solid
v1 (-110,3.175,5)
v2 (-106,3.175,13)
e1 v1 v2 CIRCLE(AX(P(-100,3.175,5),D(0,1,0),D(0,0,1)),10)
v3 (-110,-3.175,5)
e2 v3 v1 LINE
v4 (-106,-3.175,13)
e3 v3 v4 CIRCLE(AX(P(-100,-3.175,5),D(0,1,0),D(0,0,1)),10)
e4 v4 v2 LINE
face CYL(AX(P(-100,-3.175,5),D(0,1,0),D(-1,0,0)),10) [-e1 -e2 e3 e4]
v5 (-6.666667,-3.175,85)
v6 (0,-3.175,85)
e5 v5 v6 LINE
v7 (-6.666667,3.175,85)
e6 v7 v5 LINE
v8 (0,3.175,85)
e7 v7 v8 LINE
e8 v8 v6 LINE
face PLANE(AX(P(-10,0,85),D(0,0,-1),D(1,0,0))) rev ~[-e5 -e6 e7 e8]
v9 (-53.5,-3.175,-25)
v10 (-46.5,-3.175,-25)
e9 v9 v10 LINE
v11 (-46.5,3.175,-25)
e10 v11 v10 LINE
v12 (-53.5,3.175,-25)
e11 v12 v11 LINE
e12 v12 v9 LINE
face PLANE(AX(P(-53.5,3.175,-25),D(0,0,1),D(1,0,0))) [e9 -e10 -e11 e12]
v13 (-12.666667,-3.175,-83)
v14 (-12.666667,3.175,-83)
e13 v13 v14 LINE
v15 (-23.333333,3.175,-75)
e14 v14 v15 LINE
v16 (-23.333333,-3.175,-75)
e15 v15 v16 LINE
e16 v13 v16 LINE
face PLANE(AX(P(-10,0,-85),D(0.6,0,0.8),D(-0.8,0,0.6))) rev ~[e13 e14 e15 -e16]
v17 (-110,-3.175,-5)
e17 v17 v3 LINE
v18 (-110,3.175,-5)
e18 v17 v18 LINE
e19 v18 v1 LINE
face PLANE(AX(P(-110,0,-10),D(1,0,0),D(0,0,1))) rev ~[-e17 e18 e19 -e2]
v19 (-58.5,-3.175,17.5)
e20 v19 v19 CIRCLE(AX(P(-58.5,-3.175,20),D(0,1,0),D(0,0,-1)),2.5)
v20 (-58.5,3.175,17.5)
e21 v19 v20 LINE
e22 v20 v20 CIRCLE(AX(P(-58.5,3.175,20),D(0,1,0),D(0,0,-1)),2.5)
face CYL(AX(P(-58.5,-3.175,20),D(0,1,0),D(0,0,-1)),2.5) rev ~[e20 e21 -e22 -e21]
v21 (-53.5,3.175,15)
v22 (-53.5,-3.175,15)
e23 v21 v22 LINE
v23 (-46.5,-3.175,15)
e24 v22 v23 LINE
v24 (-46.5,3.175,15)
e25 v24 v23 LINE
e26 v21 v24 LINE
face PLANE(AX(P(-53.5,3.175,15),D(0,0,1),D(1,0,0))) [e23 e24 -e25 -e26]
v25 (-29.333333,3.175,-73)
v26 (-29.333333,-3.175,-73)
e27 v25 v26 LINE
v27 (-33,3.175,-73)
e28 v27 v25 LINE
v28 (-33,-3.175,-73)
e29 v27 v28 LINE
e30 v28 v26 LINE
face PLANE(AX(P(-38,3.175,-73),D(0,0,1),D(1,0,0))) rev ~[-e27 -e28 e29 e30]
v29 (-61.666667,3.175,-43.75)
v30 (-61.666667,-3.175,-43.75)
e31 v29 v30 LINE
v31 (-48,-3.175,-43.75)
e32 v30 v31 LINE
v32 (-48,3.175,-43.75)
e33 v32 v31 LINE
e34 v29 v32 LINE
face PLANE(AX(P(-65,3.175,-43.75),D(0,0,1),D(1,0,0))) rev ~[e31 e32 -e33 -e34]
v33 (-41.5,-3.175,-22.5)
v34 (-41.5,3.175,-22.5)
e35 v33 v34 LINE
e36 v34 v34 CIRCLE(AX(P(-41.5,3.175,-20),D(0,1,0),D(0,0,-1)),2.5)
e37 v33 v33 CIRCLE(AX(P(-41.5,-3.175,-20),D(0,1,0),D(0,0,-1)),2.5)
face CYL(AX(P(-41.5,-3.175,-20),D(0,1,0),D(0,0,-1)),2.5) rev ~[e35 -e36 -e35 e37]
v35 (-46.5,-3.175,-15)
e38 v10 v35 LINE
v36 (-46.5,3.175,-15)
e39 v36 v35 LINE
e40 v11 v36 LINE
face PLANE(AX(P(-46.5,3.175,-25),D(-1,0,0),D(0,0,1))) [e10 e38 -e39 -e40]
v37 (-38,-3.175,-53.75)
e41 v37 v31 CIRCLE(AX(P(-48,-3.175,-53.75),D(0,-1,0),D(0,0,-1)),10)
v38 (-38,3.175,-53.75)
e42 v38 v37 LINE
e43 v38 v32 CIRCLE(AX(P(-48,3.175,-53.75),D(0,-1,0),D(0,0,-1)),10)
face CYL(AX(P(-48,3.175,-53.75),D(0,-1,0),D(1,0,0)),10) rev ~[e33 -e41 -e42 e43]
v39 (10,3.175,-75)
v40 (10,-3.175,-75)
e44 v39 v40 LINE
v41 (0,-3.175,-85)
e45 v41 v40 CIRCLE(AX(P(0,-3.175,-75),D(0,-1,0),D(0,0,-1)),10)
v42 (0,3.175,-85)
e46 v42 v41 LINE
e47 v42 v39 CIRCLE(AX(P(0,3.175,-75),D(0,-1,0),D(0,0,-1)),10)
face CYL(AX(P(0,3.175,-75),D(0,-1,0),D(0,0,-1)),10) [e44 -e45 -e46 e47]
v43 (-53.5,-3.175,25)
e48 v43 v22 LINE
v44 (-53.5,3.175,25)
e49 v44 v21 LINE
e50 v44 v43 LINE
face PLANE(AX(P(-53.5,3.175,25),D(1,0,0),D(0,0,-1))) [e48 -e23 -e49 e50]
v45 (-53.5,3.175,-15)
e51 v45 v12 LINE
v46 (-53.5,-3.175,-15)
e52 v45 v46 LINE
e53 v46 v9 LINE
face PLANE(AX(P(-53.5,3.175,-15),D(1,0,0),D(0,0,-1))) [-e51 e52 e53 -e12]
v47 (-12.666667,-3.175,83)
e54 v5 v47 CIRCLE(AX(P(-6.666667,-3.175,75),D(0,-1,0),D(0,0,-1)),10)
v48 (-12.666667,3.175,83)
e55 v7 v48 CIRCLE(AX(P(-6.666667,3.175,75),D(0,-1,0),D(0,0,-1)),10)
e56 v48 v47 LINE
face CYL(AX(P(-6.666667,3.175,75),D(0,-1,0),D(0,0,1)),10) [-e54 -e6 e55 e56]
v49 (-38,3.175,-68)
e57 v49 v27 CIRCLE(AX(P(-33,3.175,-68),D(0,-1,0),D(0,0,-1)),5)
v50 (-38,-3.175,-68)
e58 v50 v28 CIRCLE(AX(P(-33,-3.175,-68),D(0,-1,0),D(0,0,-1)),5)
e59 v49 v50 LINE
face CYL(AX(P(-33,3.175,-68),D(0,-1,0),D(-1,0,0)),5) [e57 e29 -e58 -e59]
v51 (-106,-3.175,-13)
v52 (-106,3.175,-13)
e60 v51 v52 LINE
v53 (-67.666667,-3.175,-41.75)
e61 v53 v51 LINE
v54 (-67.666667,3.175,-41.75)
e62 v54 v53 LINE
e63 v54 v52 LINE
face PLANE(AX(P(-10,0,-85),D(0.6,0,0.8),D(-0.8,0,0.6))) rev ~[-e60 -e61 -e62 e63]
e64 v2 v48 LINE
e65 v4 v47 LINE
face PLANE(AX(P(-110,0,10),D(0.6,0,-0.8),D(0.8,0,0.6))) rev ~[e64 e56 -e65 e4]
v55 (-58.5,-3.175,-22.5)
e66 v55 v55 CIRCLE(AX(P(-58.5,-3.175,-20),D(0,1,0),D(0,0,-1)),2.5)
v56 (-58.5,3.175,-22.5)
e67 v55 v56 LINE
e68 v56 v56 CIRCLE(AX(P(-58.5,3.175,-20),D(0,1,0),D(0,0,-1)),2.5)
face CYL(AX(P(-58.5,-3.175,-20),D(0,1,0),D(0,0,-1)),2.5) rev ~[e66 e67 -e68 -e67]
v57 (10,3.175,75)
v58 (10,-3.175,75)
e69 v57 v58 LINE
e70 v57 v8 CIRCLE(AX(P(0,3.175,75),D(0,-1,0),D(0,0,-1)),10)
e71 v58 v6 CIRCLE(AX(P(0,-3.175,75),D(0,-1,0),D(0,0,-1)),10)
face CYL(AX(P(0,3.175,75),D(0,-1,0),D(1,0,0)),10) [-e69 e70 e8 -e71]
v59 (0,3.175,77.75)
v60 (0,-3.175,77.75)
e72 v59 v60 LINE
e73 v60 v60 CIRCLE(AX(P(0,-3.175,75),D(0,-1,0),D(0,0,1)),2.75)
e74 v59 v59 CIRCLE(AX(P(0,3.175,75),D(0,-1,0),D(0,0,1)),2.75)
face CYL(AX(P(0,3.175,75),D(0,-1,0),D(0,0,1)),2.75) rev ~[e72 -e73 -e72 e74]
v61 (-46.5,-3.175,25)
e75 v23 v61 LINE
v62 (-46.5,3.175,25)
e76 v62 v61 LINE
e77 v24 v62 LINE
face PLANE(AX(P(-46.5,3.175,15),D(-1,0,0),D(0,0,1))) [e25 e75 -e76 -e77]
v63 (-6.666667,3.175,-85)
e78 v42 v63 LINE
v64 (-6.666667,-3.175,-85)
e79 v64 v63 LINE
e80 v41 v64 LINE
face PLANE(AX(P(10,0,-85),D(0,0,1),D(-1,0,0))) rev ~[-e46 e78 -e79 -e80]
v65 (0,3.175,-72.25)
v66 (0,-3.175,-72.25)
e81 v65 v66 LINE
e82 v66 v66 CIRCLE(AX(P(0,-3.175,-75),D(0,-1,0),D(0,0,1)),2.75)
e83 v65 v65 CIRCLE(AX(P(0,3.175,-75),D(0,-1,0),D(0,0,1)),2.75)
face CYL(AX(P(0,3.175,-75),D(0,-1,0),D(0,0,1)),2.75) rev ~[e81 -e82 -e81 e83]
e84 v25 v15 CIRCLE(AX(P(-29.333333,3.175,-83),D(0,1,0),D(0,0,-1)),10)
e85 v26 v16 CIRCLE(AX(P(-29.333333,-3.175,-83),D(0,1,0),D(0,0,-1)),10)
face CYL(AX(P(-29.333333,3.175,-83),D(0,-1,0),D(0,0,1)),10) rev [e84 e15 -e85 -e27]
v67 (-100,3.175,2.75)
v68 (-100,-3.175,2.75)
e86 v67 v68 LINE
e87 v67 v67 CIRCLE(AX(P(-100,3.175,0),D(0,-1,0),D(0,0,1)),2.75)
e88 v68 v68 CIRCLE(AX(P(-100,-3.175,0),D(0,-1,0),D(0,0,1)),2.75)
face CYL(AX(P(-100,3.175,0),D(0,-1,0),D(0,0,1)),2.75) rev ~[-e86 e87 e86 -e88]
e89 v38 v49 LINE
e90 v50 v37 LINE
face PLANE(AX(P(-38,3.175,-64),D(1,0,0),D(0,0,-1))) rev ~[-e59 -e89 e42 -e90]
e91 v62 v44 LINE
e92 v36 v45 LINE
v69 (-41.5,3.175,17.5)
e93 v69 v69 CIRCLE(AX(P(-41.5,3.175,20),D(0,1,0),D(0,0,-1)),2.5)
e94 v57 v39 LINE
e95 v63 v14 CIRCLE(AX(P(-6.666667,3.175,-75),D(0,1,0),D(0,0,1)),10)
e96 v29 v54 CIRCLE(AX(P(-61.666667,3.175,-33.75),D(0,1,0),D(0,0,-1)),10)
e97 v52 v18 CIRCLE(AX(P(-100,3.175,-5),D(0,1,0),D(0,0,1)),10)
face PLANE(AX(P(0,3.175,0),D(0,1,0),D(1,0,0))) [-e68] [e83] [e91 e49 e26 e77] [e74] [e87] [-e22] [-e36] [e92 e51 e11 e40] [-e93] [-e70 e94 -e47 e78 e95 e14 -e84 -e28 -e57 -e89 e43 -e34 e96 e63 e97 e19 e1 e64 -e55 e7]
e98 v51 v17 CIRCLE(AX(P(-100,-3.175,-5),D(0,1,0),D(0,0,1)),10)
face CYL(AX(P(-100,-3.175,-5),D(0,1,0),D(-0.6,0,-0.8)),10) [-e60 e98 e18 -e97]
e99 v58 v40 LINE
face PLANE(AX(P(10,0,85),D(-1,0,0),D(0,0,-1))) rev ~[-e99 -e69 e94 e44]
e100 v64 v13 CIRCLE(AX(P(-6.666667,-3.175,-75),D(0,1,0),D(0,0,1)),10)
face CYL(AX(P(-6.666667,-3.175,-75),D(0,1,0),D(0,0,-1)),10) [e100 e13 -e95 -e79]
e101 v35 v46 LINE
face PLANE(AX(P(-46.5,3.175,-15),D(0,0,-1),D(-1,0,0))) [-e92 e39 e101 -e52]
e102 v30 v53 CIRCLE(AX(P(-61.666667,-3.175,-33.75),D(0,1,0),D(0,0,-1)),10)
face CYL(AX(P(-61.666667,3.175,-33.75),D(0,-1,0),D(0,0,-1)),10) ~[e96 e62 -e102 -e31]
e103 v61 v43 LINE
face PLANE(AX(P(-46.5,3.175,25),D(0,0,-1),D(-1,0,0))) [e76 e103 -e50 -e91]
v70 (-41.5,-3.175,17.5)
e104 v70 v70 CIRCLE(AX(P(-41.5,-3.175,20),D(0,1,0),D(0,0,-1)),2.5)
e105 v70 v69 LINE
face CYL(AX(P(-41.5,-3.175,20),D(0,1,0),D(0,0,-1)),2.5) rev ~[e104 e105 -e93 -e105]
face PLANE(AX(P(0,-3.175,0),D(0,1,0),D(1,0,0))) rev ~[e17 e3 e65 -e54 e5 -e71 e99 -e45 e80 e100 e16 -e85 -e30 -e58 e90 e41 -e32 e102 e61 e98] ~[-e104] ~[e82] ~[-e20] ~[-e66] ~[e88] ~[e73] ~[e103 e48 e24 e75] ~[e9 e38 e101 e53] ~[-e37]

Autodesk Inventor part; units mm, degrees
ref_plane "YZ Plane" through (0, 0, 0) normal (1, 0, 0) x (0, 1, 0)
ref_plane "XZ Plane" through (0, 0, 0) normal (0, 1, 0) x (-1, 0, 0)
ref_plane "XY Plane" through (0, 0, 0) normal (0, 0, 1) x (1, 0, 0)
sketch "Sketch1" plane through (0, 0, 0) normal (0, 1, 0) x (-1, 0, 0)
  line L0 (10, -85) -> (110, -10)
  line L1 (110, -10) -> (110, 10)
  line L2 (110, 10) -> (10, 85)
  line L3 (10, 85) -> (-10, 85)
  line L4 (-10, 85) -> (-10, -85)
  line L5 (-10, -85) -> (10, -85)
  point P0 (0, 0)
  point P1 (100, 0)
  point P2 (0, -75)
  point P3 (0, 75)
  point P4 (-10, 0)
  point P5 (110, 0)
  dimension "d0" = 170
  dimension "d1" = 100
  dimension "d2" = 150
  dimension "d3" = 75
  dimension "d4" = 10
  dimension "d5" = 10
  dimension "d6" = 36.87
  dimension "d7" = 20
  dimension "d8" = 20
extrude "Extrusion1" add sketch "Sketch1" along normal mid plane 6.35
fillet "Fillet1" radius 10 6 edges at (-10, 0, 85) (10, 0, 85) (10, 0, -85) (-10, 0, -85) (-110, 0, -10) (-110, 0, 10)
sketch "Sketch2" plane through (0, 3.175, 0) normal (0, 1, 0) x (1, 0, 0)
  arc A0 (0, -85) -> (10, -75) centre (0, -75) ccw projected
  arc A1 (10, 75) -> (0, 85) centre (0, 75) ccw projected
  line L0 (-110, 5) -> (-110, -5) projected
  point P0 (0, 0)
  point P1 (-100, 0)
  dimension "d12" = 10
hole "Hole1" at (-100, 3.175, 0) at (0, 3.175, -75) at (0, 3.175, 75) direction (0, -1, 0) diameter 5.5 depth 7.6 tip angle 118
sketch "Sketch3" plane through (0, 3.175, 0) normal (0, 1, 0) x (1, 0, 0)
  circle A0 centre (-100, 0) radius 2.75 projected
  line L0 (-65, 43.75) -> (-38, 43.75)
  line L1 (-38, 43.75) -> (-38, 64)
  line L2 (-38, 64) -> (-65, 43.75)
  line L3 (-12.6667, 83) -> (-106, 13) projected
  point P0 (0, 0)
  dimension "d20" = 35
  dimension "d21" = 27
extrude "Extrusion2" cut sketch "Sketch3" against normal blind 10 contours L2 L1 L0
sketch "Sketch6" plane through (0, 3.175, 0) normal (0, 1, 0) x (1, 0, 0)
  line L0 (-38, 43.75) -> (-38, 64) projected
  line L1 (-38, 64) -> (-38, 73)
  line L2 (-38, 73) -> (-26, 73)
  line L3 (-38, 64) -> (-12.6667, 83) projected
  point P0 (0, 0)
  dimension "d41" = 9
extrude "Extrusion4" add sketch "Sketch6" against normal up to surface (6.35 mm away)
fillet "Fillet2" radius 10 3 edges at (-65, 0, -43.75) (-38, 0, -43.75) (-26, 0, -73)
fillet "Fillet2" radius 5 1 edges at (-38, 0, -73)
sketch "Sketch4" plane through (0, -3.175, 0) normal (0, -1, 0) x (1, 0, 0)
  line L0 (-58.5, -20) -> (-41.5, -20)
  line L1 (0, 0) -> (-6.0642, 0)
  point P0 (-50, -20)
  point P1 (-58.5, 20)
  point P2 (-41.5, 20)
  point P3 (-50, 20)
  dimension "d25" = 50
  dimension "d26" = 17
  dimension "d27" = 20
hole "Hole2" at (-58.5, -3.175, -20) at (-41.5, -3.175, -20) at (-41.5, -3.175, 20) at (-58.5, -3.175, 20) at (-50, -3.175, -20) at (-50, -3.175, 20) direction (0, 1, 0) diameter 5 end through all
sketch "Sketch5" plane through (0, 3.175, 0) normal (0, 1, 0) x (1, 0, 0)
  line L0 (-38, 68) -> (-38, 53.75) projected
  line L1 (-48, 43.75) -> (-61.6667, 43.75) projected
  line L2 (-67.6667, 41.75) -> (-106, 13) projected
  arc A0 (-106, 13) -> (-110, 5) centre (-100, 5) ccw projected
  line L3 (-110, 5) -> (-110, -5) projected
  arc A1 (-110, -5) -> (-106, -13) centre (-100, -5) ccw projected
  line L4 (-106, -13) -> (-12.6667, -83) projected
  arc A2 (-12.6667, -83) -> (-6.6667, -85) centre (-6.6667, -75) ccw projected
  line L5 (-6.6667, -85) -> (0, -85) projected
  arc A3 (0, -85) -> (10, -75) centre (0, -75) ccw projected
  line L6 (10, -75) -> (10, 75) projected
  arc A4 (10, 75) -> (0, 85) centre (0, 75) ccw projected
  line L7 (0, 85) -> (-6.6667, 85) projected
  arc A5 (-6.6667, 85) -> (-12.6667, 83) centre (-6.6667, 75) ccw projected
  line L8 (-12.6667, 83) -> (-23.3333, 75) projected
  circle A6 centre (0, 75) radius 2.75 projected
  circle A7 centre (-100, 0) radius 2.75 projected
  circle A8 centre (0, -75) radius 2.75 projected
  line L9 (-53.5, 25) -> (-46.5, 25)
  line L10 (-46.5, 25) -> (-46.5, 15)
  line L11 (-46.5, 15) -> (-53.5, 15)
  line L12 (-53.5, 15) -> (-53.5, 25)
  line L13 (-53.5, 25) -> (-46.5, 15) construction
  line L14 (-46.5, 25) -> (-53.5, 15) construction
  line L15 (-53.5, -15) -> (-46.5, -15)
  line L16 (-46.5, -15) -> (-46.5, -25)
  line L17 (-46.5, -25) -> (-53.5, -25)
  line L18 (-53.5, -25) -> (-53.5, -15)
  line L19 (-53.5, -15) -> (-46.5, -25) construction
  line L20 (-46.5, -15) -> (-53.5, -25) construction
  line L21 (-29.3333, 73) -> (-33, 73) projected
  arc A9 (-61.6667, 43.75) -> (-67.6667, 41.75) centre (-61.6667, 33.75) ccw projected
  arc A10 (-48, 43.75) -> (-38, 53.75) centre (-48, 53.75) ccw projected
  arc A11 (-33, 73) -> (-38, 68) centre (-33, 68) ccw projected
  arc A12 (-29.3333, 73) -> (-23.3333, 75) centre (-29.3333, 83) ccw projected
  point P0 (0, 0)
  point P1 (-50, 20)
  point P2 (-50, -20)
  dimension "d35" = 7
  dimension "d36" = 10
  dimension "d37" = 7
  dimension "d38" = 10
extrude "Extrusion3" cut sketch "Sketch5" against normal blind 10 contours L9 L10 L11 L12 | L15 L16 L17 L18
properties part number "Y_Axis_Carriage_Plate_LM3039" material "Acetal Resin, Black"
